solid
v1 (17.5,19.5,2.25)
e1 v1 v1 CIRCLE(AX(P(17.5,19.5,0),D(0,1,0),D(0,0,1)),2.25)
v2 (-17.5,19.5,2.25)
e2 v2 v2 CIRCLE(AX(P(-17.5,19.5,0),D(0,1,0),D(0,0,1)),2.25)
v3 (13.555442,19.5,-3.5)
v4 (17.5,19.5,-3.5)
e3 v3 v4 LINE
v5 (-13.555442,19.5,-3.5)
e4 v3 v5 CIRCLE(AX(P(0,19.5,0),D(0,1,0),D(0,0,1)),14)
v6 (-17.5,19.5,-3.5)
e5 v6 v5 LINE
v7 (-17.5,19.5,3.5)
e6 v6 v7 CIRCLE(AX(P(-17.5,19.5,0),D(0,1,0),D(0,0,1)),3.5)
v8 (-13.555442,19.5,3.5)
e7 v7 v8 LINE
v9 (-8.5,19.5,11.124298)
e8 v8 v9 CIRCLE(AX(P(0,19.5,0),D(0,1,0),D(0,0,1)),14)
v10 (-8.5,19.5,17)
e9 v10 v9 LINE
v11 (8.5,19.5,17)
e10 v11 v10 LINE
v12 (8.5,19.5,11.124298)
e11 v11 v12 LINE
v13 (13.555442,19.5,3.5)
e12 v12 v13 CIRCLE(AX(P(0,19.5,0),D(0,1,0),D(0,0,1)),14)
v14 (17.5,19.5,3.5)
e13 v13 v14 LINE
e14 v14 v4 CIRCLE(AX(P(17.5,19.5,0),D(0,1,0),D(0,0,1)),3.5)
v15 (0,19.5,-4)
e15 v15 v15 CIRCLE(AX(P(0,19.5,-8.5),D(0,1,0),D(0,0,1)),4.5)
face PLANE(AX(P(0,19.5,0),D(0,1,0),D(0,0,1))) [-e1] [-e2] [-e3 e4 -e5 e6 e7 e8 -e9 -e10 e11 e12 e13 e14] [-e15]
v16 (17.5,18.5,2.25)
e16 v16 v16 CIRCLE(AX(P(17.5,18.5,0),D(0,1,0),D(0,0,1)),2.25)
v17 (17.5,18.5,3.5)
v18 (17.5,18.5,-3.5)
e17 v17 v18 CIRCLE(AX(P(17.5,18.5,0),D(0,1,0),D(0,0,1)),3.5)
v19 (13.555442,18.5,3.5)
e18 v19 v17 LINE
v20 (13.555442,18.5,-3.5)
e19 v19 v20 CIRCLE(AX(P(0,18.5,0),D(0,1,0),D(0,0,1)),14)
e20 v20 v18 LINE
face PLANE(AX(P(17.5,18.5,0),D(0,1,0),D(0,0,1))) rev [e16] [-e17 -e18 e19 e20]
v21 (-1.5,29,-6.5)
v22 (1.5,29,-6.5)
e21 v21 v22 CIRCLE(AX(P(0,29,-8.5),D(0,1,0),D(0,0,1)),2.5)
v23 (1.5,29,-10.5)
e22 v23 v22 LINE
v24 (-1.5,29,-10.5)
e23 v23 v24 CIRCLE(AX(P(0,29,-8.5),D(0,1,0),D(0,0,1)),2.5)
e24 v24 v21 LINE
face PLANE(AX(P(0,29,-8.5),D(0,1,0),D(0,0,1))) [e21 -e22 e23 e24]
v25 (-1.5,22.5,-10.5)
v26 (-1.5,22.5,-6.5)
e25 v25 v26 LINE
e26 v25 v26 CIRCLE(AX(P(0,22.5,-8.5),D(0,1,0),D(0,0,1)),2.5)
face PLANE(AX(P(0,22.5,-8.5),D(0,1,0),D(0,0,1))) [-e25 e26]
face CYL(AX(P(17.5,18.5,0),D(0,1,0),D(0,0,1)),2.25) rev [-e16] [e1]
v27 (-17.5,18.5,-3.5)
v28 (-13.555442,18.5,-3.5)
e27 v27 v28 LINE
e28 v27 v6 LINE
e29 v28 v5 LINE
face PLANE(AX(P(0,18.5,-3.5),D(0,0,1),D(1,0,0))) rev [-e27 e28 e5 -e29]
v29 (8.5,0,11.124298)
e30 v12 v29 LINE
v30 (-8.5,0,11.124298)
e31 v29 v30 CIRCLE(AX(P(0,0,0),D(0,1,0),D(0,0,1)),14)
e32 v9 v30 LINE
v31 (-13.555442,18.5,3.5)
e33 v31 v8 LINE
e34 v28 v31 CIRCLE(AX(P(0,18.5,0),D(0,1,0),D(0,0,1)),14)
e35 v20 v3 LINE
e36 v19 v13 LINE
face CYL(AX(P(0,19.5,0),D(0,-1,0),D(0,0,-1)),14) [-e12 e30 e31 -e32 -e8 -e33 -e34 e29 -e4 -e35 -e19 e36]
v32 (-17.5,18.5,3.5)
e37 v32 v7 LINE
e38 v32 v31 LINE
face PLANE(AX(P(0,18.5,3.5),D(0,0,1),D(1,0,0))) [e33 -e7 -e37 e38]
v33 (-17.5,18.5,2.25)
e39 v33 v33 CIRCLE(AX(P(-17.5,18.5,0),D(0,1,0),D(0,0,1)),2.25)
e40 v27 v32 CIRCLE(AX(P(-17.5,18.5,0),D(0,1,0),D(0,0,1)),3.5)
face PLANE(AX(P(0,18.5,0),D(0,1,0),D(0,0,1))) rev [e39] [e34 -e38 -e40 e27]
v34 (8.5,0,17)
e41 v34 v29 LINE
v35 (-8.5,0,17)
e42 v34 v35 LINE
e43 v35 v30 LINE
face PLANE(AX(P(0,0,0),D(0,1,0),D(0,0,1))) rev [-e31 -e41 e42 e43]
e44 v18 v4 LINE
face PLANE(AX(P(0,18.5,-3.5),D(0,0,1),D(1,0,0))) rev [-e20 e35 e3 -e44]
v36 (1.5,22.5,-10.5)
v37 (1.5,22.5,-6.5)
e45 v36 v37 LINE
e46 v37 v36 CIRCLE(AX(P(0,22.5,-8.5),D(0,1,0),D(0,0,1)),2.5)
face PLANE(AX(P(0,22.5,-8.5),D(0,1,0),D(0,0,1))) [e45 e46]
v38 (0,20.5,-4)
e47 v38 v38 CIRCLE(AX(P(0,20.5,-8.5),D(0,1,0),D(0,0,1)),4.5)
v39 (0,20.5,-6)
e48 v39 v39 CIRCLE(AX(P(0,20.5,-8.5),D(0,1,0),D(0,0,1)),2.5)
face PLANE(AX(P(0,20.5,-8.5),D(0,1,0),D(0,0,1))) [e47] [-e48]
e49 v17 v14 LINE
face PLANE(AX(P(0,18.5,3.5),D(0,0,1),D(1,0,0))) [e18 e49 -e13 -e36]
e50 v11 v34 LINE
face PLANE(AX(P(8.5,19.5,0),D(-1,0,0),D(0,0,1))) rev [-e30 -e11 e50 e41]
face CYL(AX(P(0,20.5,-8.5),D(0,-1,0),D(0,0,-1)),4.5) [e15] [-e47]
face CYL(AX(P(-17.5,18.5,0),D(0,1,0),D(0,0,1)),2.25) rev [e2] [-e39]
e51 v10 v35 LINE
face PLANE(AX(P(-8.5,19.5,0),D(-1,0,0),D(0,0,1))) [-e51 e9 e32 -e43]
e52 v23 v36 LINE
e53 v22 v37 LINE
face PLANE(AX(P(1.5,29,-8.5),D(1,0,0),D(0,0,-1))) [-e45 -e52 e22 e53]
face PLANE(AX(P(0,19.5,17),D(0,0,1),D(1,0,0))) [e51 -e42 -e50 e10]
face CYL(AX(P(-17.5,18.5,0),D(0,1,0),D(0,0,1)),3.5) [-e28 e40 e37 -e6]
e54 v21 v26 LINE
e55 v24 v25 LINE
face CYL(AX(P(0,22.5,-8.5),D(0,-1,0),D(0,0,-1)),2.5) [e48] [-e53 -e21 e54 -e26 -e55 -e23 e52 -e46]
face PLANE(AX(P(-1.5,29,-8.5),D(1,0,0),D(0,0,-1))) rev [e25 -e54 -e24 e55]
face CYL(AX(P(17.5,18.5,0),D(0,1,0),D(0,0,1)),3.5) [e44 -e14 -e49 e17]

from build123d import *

# Parameters (mm, degrees)
BOSS_EXTRUDE1_DEPTH = 19.5
BOSS_EXTRUDE2_START = 18.5
SKETCH2_3_R         = 2.250000000000002
SKETCH2_3_R_2       = 2.249999999999999
BOSS_EXTRUDE2_DEPTH = 1
BOSS_EXTRUDE3_START = 19.5
SKETCH2_4_R         = 4.5
SKETCH2_4_R_2       = 2.5000000000000004
SKETCH2_4_W         = 3
SKETCH2_4_H         = 3.9999999999999973
BOSS_EXTRUDE3_DEPTH = 1
BOSS_EXTRUDE4_START = 20.5
SKETCH2_5_W         = 3
SKETCH2_5_H         = 3.9999999999999973
BOSS_EXTRUDE4_DEPTH = 2
BOSS_EXTRUDE5_START = 22.5
SKETCH2_6_W         = 3
SKETCH2_6_H         = 3.9999999999999973
BOSS_EXTRUDE5_DEPTH = 6.5


with BuildPart() as part:
    # Sketch2 → Boss-Extrude1 (new body)
    with BuildSketch(Plane(origin=(0, 0, 0), x_dir=(1, 0, 0), z_dir=(0, 1, 0))):
        with BuildLine():
            Line((-8.500000000000002, -17), (8.499999999999998, -17))
            Line((8.499999999999998, -17), (8.499999999999998, -11.124297730643494))
            ThreePointArc((8.5, -11.124297730643494), (0, 14), (-8.5, -11.124297730643493))
            Line((-8.500000000000002, -11.124297730643494), (-8.500000000000002, -17))
        make_face()
    extrude(amount=BOSS_EXTRUDE1_DEPTH)

    # Sketch2<3> → Boss-Extrude2 (add)
    # profile 1 of 2: a face of its own
    with BuildSketch(Plane(origin=(0, 0, 0), x_dir=(1, 0, 0), z_dir=(0, 1, 0)).offset(BOSS_EXTRUDE2_START)):
        with BuildLine():
            Line((13.555441711725987, -3.4999999999999996), (17.5, -3.499999999999999))
            ThreePointArc((17.5, -3.5), (21, -2.4e-16), (17.5, 3.5))
            Line((17.5, 3.499999999999999), (13.555441711725718, 3.4999999999999987))
            ThreePointArc((13.555441711725832, 3.5000000000004934), (13.999999999999998, 2.8244e-13), (13.555441711725974, -3.4999999999999454))
        make_face()
        with Locations(Location((17.5, -3e-17, 0), (0, 0, 270))):
            Circle(SKETCH2_3_R, mode=Mode.SUBTRACT)
    # profile 2 of 2: a face of its own
    with BuildSketch(Plane(origin=(0, 0, 0), x_dir=(1, 0, 0), z_dir=(0, 1, 0)).offset(BOSS_EXTRUDE2_START)):
        with BuildLine():
            Line((-17.499999999999986, -3.5000000000000044), (-13.555441711725983, -3.500000000000004))
            ThreePointArc((-13.555441711725972, -3.4999999999999547), (-14.000000000000002, 2.7667e-13), (-13.555441711725834, 3.50000000000049))
            Line((-13.55544171172572, 3.499999999999996), (-17.499999999999986, 3.4999999999999956))
            ThreePointArc((-17.499999999999986, 3.4999999999999956), (-20.999999999999986, -3.91e-15), (-17.499999999999986, -3.5000000000000044))
        make_face()
        with Locations(Location((-17.499999999999986, -4.34e-15, 0), (0, 0, 270))):
            Circle(SKETCH2_3_R_2, mode=Mode.SUBTRACT)
    extrude(amount=BOSS_EXTRUDE2_DEPTH)

    # Sketch2<4> → Boss-Extrude3 (add)
    # profile 1 of 6: a face of its own
    with BuildSketch(Plane(origin=(0, 0, 0), x_dir=(1, 0, 0), z_dir=(0, 1, 0)).offset(BOSS_EXTRUDE3_START)):
        with Locations(Location((0, 8.5, 0), (0, 0, 270))):
            Circle(SKETCH2_4_R)
        with Locations((0, 8.5)):
            Circle(SKETCH2_4_R_2, mode=Mode.SUBTRACT)
    # profile 2 of 6: a face of its own
    with BuildSketch(Plane(origin=(0, 0, 0), x_dir=(1, 0, 0), z_dir=(0, 1, 0)).offset(BOSS_EXTRUDE3_START)):
        with Locations((0, 8.5)):
            Circle(SKETCH2_4_R_2)
    # profile 3 of 6: a face of its own
    with BuildSketch(Plane(origin=(0, 0, 0), x_dir=(1, 0, 0), z_dir=(0, 1, 0)).offset(BOSS_EXTRUDE3_START)):
        with BuildLine():
            ThreePointArc((-1.5000000000000007, 10.5), (-2.5000000000000004, 8.5), (-1.5000000000000004, 6.5))
            Line((-1.5, 6.500000000000001), (-1.5, 10.499999999999998))
        make_face()
    # profile 4 of 6: a face of its own
    with BuildSketch(Plane(origin=(0, 0, 0), x_dir=(1, 0, 0), z_dir=(0, 1, 0)).offset(BOSS_EXTRUDE3_START)):
        with BuildLine():
            Line((-1.5, 10.499999999999998), (1.5, 10.499999999999998))
            ThreePointArc((1.500000000000001, 10.5), (1.5e-16, 11), (-1.5000000000000007, 10.5))
        make_face()
    # profile 5 of 6: a face of its own
    with BuildSketch(Plane(origin=(0, 0, 0), x_dir=(1, 0, 0), z_dir=(0, 1, 0)).offset(BOSS_EXTRUDE3_START)):
        with Locations((0, 8.5)):
            Rectangle(SKETCH2_4_W, SKETCH2_4_H)
    # profile 6 of 6: a face of its own
    with BuildSketch(Plane(origin=(0, 0, 0), x_dir=(1, 0, 0), z_dir=(0, 1, 0)).offset(BOSS_EXTRUDE3_START)):
        with BuildLine():
            ThreePointArc((-1.5000000000000004, 6.5), (-4.6e-16, 6), (1.4999999999999996, 6.499999999999999))
            Line((1.5, 6.500000000000001), (-1.5, 6.500000000000001))
        make_face()
    extrude(amount=BOSS_EXTRUDE3_DEPTH)

    # Sketch2<5> → Boss-Extrude4 (add)
    with BuildSketch(Plane(origin=(0, 0, 0), x_dir=(1, 0, 0), z_dir=(0, 1, 0)).offset(BOSS_EXTRUDE4_START)):
        with BuildLine():
            ThreePointArc((-1.5000000000000004, 6.5), (-4.6e-16, 6), (1.4999999999999996, 6.499999999999999))
            Line((1.5, 6.500000000000001), (-1.5, 6.500000000000001))
        make_face()
        with Locations((0, 8.5)):
            Rectangle(SKETCH2_5_W, SKETCH2_5_H)
        with BuildLine():
            Line((1.5, 10.499999999999998), (1.5, 6.500000000000001))
            ThreePointArc((1.4999999999999996, 6.499999999999999), (2.23606797749979, 7.381966011250104), (2.5000000000000004, 8.5))
            ThreePointArc((2.5000000000000004, 8.5), (2.2360679774997902, 9.618033988749895), (1.5000000000000013, 10.5))
        make_face()
        with BuildLine():
            ThreePointArc((-1.5000000000000007, 10.5), (-2.5000000000000004, 8.5), (-1.5000000000000004, 6.5))
            Line((-1.5, 6.500000000000001), (-1.5, 10.499999999999998))
        make_face()
        with BuildLine():
            Line((-1.5, 10.499999999999998), (1.5, 10.499999999999998))
            ThreePointArc((1.500000000000001, 10.5), (1.5e-16, 11), (-1.5000000000000007, 10.5))
        make_face()
    extrude(amount=BOSS_EXTRUDE4_DEPTH)

    # Sketch2<6> → Boss-Extrude5 (add)
    with BuildSketch(Plane(origin=(0, 0, 0), x_dir=(1, 0, 0), z_dir=(0, 1, 0)).offset(BOSS_EXTRUDE5_START)):
        with BuildLine():
            ThreePointArc((-1.5000000000000004, 6.5), (-4.6e-16, 6), (1.4999999999999996, 6.499999999999999))
            Line((1.5, 6.500000000000001), (-1.5, 6.500000000000001))
        make_face()
        with Locations((0, 8.5)):
            Rectangle(SKETCH2_6_W, SKETCH2_6_H)
        with BuildLine():
            Line((-1.5, 10.499999999999998), (1.5, 10.499999999999998))
            ThreePointArc((1.500000000000001, 10.5), (1.5e-16, 11), (-1.5000000000000007, 10.5))
        make_face()
    extrude(amount=BOSS_EXTRUDE5_DEPTH)


solid = part.part
